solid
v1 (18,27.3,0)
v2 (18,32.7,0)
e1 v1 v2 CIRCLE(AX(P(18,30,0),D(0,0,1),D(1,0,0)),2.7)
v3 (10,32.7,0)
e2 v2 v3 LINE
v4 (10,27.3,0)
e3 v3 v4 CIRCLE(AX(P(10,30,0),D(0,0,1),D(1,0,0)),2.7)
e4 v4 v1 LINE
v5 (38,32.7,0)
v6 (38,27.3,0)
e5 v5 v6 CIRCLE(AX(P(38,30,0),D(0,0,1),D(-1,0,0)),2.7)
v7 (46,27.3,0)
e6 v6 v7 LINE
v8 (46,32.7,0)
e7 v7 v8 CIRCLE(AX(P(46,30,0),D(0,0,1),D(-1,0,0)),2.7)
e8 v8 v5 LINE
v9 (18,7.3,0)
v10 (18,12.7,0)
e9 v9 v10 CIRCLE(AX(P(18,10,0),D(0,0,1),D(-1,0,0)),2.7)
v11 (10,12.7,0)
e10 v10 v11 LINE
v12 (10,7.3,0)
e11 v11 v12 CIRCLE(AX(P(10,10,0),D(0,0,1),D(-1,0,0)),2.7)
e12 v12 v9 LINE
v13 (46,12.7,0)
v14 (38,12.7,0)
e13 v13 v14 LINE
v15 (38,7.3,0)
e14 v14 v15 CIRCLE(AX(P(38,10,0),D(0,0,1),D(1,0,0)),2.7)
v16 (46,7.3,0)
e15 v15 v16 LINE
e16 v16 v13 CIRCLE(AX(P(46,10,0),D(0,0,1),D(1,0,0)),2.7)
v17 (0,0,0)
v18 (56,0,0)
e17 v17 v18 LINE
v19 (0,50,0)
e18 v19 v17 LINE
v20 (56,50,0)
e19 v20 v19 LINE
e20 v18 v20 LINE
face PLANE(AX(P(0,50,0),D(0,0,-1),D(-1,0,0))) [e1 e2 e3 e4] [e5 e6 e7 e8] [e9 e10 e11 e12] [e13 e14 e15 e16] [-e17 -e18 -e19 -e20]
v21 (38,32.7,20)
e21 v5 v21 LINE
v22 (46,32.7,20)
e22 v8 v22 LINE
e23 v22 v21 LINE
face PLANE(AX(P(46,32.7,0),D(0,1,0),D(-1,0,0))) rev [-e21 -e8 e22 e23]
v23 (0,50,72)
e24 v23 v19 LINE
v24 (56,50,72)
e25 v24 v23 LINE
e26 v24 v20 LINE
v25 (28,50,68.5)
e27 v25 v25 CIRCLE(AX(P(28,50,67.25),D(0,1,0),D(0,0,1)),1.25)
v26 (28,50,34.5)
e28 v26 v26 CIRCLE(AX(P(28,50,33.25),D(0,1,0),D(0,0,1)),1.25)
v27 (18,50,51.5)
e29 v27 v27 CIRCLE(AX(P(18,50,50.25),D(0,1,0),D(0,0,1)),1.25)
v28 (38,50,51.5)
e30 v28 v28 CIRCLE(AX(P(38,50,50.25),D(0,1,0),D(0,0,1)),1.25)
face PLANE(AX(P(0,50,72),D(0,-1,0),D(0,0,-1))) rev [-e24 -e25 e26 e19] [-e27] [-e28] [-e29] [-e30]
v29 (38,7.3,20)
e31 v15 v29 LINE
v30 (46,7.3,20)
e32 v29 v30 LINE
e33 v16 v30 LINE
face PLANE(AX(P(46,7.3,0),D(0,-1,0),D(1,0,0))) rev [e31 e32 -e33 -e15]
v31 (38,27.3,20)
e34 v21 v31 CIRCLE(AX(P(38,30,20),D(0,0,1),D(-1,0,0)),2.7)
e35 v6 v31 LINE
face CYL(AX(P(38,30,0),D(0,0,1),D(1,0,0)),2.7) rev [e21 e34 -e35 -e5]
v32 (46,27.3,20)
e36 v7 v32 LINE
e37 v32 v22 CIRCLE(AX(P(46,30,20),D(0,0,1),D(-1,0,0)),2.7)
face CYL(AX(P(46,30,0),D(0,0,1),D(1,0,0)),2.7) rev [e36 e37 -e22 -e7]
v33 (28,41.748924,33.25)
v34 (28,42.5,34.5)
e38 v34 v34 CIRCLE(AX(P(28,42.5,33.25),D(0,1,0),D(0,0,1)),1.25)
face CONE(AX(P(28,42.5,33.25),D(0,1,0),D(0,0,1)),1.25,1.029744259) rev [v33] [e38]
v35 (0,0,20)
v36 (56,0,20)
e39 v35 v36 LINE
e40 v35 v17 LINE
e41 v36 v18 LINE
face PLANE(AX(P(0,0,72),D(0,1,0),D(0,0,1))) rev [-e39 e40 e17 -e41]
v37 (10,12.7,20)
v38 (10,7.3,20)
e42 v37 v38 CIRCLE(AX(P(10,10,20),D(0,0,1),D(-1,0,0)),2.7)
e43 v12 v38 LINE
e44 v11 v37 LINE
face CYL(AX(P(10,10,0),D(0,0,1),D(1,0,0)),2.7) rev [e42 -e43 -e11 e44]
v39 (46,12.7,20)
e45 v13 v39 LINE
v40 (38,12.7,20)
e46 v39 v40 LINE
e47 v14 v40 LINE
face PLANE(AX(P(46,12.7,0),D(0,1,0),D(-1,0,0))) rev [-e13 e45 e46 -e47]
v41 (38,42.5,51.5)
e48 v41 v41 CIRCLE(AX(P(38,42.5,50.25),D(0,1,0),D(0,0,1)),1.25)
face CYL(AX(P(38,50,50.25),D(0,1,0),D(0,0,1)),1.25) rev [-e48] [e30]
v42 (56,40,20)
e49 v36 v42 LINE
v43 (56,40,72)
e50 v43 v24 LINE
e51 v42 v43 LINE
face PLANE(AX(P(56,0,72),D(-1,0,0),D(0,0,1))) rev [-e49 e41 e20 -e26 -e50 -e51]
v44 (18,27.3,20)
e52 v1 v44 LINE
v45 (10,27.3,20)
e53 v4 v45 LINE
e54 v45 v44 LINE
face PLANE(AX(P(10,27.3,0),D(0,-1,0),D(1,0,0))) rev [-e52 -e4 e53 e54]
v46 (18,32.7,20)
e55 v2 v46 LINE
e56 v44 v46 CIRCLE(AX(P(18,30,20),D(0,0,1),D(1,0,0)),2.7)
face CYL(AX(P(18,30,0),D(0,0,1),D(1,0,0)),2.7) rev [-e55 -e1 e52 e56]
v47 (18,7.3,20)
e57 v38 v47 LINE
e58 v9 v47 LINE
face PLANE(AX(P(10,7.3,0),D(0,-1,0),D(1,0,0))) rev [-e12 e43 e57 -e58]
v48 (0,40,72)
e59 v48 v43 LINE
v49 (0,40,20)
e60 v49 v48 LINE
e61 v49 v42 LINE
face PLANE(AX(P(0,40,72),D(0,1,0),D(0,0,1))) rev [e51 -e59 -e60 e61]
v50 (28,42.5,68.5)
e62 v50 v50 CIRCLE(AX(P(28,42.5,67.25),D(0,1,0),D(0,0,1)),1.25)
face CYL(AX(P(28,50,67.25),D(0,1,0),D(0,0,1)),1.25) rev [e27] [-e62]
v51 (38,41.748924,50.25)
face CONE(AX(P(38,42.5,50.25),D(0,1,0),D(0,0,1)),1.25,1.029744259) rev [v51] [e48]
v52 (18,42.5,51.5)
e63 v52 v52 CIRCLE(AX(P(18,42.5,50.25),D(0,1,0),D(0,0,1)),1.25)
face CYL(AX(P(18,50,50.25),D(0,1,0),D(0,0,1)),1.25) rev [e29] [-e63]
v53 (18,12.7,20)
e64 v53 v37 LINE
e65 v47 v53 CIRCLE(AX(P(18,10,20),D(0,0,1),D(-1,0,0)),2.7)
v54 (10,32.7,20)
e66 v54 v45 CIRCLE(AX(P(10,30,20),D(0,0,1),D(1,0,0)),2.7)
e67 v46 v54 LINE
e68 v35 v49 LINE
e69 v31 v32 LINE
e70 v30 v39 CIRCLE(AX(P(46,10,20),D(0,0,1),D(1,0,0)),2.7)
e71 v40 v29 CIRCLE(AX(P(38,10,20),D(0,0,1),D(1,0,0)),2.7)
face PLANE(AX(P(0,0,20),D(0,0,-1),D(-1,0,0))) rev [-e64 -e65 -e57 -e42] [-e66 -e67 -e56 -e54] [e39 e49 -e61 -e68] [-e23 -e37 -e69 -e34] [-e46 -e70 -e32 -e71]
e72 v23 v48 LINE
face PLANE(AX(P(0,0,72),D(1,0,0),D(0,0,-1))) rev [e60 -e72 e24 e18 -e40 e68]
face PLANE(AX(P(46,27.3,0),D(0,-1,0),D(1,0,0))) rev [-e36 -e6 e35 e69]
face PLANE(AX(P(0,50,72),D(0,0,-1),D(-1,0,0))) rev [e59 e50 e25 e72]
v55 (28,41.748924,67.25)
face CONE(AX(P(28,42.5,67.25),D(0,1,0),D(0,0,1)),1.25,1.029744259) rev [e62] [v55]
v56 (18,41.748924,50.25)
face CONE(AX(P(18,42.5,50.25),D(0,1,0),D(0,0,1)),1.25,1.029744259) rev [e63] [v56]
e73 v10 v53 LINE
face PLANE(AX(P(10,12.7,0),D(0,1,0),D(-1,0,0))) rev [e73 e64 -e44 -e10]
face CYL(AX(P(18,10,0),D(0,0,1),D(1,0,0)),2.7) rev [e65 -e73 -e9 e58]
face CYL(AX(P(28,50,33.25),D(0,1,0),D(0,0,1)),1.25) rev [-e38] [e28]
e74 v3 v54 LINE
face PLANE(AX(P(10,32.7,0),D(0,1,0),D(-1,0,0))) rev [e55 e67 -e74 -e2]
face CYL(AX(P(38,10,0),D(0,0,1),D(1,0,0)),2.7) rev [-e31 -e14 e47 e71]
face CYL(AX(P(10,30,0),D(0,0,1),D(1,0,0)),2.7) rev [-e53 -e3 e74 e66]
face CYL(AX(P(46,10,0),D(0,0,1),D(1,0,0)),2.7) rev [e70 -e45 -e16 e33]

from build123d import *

# Parameters (mm, degrees)
SKETCH_1_W             = 56
SKETCH_1_H             = 50
EXTRUDE_1_DEPTH        = 72
SKETCH_2_W             = 52
SKETCH_2_H             = 40
CUT_EXTRUDE_1_DEPTH    = 105.019228992
HOLE_WIZARD_M3_1_D     = 2.5
HOLE_WIZARD_M3_1_DEPTH = 7.5
HOLE_WIZARD_M3_1_TIP   = 0.751075774
CUT_EXTRUDE_2_DEPTH    = 92.323600455


with BuildPart() as part:
    # 草图1 → 凸台-拉伸1 (new body)
    with BuildSketch(Plane.XY):
        with Locations((28, 25)):
            Rectangle(SKETCH_1_W, SKETCH_1_H)
    extrude(amount=EXTRUDE_1_DEPTH)

    # 草图2 → 切除-拉伸1 (cut, through all)
    with BuildSketch(Plane(origin=(56, 0, 0), x_dir=(0, 0, -1), z_dir=(1, 0, 0))):
        with Locations((-46, 20)):
            Rectangle(SKETCH_2_W, SKETCH_2_H)
    extrude(amount=-CUT_EXTRUDE_1_DEPTH, mode=Mode.SUBTRACT)

    # M3 螺纹孔1
    with Locations(Plane(origin=(0, 50, 0), x_dir=(-1, 0, 0), z_dir=(0, 1, 0))):
        with Locations((-28, 67.25), (-28, 33.25), (-18, 50.25), (-38, 50.25)):
            Hole(HOLE_WIZARD_M3_1_D / 2, depth=HOLE_WIZARD_M3_1_DEPTH)
            with Locations((0, 0, -(HOLE_WIZARD_M3_1_DEPTH + HOLE_WIZARD_M3_1_TIP / 2))):  # 118° drill point
                Cone(0, HOLE_WIZARD_M3_1_D / 2, HOLE_WIZARD_M3_1_TIP, mode=Mode.SUBTRACT)

    # 草图5 → 切除-拉伸2 (cut, through all)
    with BuildSketch(Plane.XY.offset(20)):
        with BuildLine():
            Line((10, 32.7), (18, 32.7))
            ThreePointArc((18, 32.7), (20.7, 30), (18, 27.3))
            Line((18, 27.3), (10, 27.3))
            ThreePointArc((10, 27.3), (7.3, 30), (10, 32.7))
        make_face()
        with BuildLine():
            Line((46, 32.7), (38, 32.7))
            ThreePointArc((38, 32.7), (35.3, 30), (38, 27.3))
            Line((38, 27.3), (46, 27.3))
            ThreePointArc((46, 27.3), (48.7, 30), (46, 32.7))
        make_face()
        with BuildLine():
            Line((10, 7.3), (18, 7.3))
            ThreePointArc((18, 7.3), (20.7, 10), (18, 12.7))
            Line((18, 12.7), (10, 12.7))
            ThreePointArc((10, 12.7), (7.3, 10), (10, 7.3))
        make_face()
        with BuildLine():
            Line((46, 7.3), (38, 7.3))
            ThreePointArc((38, 7.3), (35.3, 10), (38, 12.7))
            Line((38, 12.7), (46, 12.7))
            ThreePointArc((46, 12.7), (48.7, 10), (46, 7.3))
        make_face()
    extrude(amount=-CUT_EXTRUDE_2_DEPTH, mode=Mode.SUBTRACT)


solid = part.part
